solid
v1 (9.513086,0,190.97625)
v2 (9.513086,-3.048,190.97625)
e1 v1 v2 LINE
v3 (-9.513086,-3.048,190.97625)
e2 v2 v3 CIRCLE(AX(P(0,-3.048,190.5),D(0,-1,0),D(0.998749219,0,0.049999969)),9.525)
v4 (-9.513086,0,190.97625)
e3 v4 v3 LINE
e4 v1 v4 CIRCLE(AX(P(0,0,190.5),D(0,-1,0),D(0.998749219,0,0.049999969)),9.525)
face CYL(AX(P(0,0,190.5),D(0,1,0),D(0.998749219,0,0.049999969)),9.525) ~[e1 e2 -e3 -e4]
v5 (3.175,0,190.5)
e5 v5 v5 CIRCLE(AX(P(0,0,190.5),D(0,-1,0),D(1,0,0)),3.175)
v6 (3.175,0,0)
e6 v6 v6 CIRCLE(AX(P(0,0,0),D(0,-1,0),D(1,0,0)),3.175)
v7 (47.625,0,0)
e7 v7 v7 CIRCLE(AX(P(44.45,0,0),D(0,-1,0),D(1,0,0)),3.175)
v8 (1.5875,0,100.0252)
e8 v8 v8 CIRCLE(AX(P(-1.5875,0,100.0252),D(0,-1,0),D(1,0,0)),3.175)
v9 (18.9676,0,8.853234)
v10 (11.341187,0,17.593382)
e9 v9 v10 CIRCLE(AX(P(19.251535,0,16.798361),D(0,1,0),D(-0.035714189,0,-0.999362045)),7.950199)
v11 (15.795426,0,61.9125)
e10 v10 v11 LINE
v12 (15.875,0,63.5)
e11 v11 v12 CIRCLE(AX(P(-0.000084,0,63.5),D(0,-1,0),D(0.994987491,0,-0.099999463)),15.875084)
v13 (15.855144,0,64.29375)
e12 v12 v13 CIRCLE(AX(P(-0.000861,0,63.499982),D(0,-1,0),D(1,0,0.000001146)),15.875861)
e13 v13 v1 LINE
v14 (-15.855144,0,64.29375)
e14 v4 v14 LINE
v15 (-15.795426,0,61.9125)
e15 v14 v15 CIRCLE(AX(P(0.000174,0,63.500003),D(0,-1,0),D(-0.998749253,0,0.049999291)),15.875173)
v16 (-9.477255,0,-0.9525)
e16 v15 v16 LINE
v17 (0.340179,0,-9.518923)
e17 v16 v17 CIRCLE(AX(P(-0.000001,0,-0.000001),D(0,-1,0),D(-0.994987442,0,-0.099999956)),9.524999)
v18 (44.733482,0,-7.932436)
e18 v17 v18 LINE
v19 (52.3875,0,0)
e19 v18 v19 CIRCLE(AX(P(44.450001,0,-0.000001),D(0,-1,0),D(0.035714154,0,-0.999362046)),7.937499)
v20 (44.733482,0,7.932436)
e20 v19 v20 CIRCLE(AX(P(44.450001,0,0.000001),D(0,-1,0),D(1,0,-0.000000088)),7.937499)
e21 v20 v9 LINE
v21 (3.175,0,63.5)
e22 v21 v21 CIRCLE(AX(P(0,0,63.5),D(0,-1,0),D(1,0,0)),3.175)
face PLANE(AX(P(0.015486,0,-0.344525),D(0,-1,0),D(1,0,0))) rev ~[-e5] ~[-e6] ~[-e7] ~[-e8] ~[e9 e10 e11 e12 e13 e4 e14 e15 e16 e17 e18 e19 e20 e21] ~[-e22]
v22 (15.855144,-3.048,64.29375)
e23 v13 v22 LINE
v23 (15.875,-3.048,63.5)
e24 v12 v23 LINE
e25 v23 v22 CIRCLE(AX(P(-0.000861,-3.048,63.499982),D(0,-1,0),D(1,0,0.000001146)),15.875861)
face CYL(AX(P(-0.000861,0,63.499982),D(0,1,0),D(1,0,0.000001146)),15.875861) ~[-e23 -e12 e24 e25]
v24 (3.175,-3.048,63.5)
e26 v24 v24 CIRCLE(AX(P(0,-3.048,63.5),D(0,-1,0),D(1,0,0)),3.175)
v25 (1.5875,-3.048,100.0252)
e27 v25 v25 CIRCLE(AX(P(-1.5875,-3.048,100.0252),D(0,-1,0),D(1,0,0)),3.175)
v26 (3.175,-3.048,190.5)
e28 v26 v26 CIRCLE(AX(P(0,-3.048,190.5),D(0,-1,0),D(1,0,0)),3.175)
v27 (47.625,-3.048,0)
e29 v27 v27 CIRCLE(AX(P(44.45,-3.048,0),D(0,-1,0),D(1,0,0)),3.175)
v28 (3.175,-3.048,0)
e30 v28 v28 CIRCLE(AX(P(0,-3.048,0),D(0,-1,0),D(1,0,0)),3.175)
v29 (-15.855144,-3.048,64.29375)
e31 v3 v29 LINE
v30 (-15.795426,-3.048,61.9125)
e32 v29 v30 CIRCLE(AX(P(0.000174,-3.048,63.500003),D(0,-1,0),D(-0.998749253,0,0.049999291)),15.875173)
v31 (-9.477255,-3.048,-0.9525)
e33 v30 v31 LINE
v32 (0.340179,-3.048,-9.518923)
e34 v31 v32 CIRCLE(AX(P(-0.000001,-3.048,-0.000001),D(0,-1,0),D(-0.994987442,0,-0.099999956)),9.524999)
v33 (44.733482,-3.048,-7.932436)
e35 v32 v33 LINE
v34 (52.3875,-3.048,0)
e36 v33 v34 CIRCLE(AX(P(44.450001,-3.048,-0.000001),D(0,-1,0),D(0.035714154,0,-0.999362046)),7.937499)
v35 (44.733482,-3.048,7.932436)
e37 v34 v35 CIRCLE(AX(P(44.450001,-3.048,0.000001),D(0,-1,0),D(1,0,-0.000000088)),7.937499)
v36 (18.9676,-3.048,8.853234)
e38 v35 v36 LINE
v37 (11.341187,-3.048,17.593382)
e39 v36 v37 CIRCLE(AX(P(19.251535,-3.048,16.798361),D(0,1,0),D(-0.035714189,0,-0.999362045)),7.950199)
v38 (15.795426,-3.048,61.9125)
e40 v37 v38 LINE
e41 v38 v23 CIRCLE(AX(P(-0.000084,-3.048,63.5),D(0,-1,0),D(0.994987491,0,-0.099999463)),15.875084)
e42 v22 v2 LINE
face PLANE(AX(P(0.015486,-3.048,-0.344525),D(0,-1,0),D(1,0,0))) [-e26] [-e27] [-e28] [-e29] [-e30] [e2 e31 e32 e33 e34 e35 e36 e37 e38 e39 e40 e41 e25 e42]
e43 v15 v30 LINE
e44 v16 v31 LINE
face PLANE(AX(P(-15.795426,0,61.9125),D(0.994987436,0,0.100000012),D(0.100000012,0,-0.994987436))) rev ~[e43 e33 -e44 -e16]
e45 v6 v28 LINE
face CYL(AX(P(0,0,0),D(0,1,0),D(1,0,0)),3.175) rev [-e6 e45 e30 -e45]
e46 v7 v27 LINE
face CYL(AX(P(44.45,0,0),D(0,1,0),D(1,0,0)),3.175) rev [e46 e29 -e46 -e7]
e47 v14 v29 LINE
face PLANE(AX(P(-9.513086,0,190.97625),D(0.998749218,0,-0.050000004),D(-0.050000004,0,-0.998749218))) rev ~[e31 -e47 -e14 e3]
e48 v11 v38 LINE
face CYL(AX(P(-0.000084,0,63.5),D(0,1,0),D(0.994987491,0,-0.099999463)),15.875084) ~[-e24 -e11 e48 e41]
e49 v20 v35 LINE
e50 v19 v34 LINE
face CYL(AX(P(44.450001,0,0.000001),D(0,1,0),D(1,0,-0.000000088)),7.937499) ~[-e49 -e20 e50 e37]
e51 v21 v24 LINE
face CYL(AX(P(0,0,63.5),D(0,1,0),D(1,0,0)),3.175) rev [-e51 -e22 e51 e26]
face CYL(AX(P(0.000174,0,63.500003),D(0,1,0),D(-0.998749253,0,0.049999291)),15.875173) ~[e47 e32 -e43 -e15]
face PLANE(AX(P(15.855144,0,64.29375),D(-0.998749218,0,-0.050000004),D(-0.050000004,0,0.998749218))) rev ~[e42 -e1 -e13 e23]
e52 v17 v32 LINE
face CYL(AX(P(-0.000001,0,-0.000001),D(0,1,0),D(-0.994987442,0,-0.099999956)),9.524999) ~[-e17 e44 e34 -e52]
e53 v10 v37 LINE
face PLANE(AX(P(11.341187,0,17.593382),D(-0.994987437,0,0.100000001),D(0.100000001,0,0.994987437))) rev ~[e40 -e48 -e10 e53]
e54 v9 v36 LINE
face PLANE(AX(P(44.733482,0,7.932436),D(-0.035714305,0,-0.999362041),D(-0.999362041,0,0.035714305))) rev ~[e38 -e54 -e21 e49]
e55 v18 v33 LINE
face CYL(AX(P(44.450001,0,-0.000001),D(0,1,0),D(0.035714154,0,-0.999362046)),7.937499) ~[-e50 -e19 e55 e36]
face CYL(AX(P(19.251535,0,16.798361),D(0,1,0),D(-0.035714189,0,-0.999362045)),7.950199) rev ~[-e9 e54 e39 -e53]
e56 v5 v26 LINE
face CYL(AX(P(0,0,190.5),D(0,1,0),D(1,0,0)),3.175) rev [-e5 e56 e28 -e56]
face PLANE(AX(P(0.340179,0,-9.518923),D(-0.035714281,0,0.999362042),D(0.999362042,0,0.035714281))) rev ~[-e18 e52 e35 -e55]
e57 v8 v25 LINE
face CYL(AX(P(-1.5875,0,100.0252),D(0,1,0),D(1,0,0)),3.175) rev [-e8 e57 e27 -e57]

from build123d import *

# Parameters (mm, degrees)
F0_R     = 3.175
F1_DEPTH = 3.048


with BuildPart() as f1:
    # F0 (on Front) → F1 (new body)
    with BuildSketch(Plane.XZ):
        with BuildLine():
            ThreePointArc((0.340179, -9.518923), (6.854408, -6.613827), (9.525, 0))
            ThreePointArc((9.525, 0), (-0.476848, 9.513056), (-9.477255, -0.9525))
            ThreePointArc((-9.477255, -0.9525), (-6.262383, -7.17692), (0.340179, -9.518923))
        make_face()
        Circle(F0_R, mode=Mode.SUBTRACT)
        with BuildLine():
            ThreePointArc((-9.477255, -0.9525), (-0.476848, 9.513056), (9.525, 0))
            ThreePointArc((9.525, 0), (6.854408, -6.613827), (0.340179, -9.518923))
            Line((0.340179, -9.518923), (44.733482, -7.932436))
            ThreePointArc((44.733482, -7.932436), (36.5125, 0), (44.733482, 7.932436))
            Line((44.733482, 7.932436), (18.9676, 8.853234))
            ThreePointArc((18.9676, 8.853234), (13.2612, 11.571359), (11.341187, 17.593382))
            Line((11.341187, 17.593382), (15.795426, 61.9125))
            ThreePointArc((15.795426, 61.9125), (0, 47.625), (-15.795426, 61.9125))
            Line((-15.795426, 61.9125), (-9.477255, -0.9525))
        make_face()
        with BuildLine():
            ThreePointArc((-15.855144, 64.29375), (-15.87001, 63.102003), (-15.795426, 61.9125))
            ThreePointArc((-15.795426, 61.9125), (0, 47.625), (15.795426, 61.9125))
            ThreePointArc((15.795426, 61.9125), (15.855094, 62.705253), (15.875, 63.5))
            ThreePointArc((15.875, 63.5), (15.870035, 63.896999), (15.855144, 64.29375))
            ThreePointArc((15.855144, 64.29375), (0, 79.375), (-15.855144, 64.29375))
        make_face()
        with Locations((0, 63.5)):
            Circle(F0_R, mode=Mode.SUBTRACT)
        with BuildLine():
            ThreePointArc((44.733482, 7.932436), (36.5125, 0), (44.733482, -7.932436))
            ThreePointArc((44.733482, -7.932436), (50.162007, -5.511523), (52.3875, 0))
            ThreePointArc((52.3875, 0), (50.162007, 5.511523), (44.733482, 7.932436))
        make_face()
        with Locations((44.45, 0)):
            Circle(F0_R, mode=Mode.SUBTRACT)
        with BuildLine():
            Line((-9.513086, 190.97625), (-15.855144, 64.29375))
            ThreePointArc((-15.855144, 64.29375), (0, 79.375), (15.855144, 64.29375))
            Line((15.855144, 64.29375), (9.513086, 190.97625))
            ThreePointArc((9.513086, 190.97625), (9.522021, 190.738199), (9.525, 190.5))
            ThreePointArc((9.525, 190.5), (-0.238199, 180.977979), (-9.513086, 190.97625))
        make_face()
        with Locations((-1.5875, 100.0252)):
            Circle(F0_R, mode=Mode.SUBTRACT)
        with BuildLine():
            ThreePointArc((9.513086, 190.97625), (0, 200.025), (-9.513086, 190.97625))
            ThreePointArc((-9.513086, 190.97625), (-0.238199, 180.977979), (9.525, 190.5))
            ThreePointArc((9.525, 190.5), (9.522021, 190.738199), (9.513086, 190.97625))
        make_face()
        with Locations((0, 190.5)):
            Circle(F0_R, mode=Mode.SUBTRACT)
    extrude(amount=F1_DEPTH)


solid = f1.part
